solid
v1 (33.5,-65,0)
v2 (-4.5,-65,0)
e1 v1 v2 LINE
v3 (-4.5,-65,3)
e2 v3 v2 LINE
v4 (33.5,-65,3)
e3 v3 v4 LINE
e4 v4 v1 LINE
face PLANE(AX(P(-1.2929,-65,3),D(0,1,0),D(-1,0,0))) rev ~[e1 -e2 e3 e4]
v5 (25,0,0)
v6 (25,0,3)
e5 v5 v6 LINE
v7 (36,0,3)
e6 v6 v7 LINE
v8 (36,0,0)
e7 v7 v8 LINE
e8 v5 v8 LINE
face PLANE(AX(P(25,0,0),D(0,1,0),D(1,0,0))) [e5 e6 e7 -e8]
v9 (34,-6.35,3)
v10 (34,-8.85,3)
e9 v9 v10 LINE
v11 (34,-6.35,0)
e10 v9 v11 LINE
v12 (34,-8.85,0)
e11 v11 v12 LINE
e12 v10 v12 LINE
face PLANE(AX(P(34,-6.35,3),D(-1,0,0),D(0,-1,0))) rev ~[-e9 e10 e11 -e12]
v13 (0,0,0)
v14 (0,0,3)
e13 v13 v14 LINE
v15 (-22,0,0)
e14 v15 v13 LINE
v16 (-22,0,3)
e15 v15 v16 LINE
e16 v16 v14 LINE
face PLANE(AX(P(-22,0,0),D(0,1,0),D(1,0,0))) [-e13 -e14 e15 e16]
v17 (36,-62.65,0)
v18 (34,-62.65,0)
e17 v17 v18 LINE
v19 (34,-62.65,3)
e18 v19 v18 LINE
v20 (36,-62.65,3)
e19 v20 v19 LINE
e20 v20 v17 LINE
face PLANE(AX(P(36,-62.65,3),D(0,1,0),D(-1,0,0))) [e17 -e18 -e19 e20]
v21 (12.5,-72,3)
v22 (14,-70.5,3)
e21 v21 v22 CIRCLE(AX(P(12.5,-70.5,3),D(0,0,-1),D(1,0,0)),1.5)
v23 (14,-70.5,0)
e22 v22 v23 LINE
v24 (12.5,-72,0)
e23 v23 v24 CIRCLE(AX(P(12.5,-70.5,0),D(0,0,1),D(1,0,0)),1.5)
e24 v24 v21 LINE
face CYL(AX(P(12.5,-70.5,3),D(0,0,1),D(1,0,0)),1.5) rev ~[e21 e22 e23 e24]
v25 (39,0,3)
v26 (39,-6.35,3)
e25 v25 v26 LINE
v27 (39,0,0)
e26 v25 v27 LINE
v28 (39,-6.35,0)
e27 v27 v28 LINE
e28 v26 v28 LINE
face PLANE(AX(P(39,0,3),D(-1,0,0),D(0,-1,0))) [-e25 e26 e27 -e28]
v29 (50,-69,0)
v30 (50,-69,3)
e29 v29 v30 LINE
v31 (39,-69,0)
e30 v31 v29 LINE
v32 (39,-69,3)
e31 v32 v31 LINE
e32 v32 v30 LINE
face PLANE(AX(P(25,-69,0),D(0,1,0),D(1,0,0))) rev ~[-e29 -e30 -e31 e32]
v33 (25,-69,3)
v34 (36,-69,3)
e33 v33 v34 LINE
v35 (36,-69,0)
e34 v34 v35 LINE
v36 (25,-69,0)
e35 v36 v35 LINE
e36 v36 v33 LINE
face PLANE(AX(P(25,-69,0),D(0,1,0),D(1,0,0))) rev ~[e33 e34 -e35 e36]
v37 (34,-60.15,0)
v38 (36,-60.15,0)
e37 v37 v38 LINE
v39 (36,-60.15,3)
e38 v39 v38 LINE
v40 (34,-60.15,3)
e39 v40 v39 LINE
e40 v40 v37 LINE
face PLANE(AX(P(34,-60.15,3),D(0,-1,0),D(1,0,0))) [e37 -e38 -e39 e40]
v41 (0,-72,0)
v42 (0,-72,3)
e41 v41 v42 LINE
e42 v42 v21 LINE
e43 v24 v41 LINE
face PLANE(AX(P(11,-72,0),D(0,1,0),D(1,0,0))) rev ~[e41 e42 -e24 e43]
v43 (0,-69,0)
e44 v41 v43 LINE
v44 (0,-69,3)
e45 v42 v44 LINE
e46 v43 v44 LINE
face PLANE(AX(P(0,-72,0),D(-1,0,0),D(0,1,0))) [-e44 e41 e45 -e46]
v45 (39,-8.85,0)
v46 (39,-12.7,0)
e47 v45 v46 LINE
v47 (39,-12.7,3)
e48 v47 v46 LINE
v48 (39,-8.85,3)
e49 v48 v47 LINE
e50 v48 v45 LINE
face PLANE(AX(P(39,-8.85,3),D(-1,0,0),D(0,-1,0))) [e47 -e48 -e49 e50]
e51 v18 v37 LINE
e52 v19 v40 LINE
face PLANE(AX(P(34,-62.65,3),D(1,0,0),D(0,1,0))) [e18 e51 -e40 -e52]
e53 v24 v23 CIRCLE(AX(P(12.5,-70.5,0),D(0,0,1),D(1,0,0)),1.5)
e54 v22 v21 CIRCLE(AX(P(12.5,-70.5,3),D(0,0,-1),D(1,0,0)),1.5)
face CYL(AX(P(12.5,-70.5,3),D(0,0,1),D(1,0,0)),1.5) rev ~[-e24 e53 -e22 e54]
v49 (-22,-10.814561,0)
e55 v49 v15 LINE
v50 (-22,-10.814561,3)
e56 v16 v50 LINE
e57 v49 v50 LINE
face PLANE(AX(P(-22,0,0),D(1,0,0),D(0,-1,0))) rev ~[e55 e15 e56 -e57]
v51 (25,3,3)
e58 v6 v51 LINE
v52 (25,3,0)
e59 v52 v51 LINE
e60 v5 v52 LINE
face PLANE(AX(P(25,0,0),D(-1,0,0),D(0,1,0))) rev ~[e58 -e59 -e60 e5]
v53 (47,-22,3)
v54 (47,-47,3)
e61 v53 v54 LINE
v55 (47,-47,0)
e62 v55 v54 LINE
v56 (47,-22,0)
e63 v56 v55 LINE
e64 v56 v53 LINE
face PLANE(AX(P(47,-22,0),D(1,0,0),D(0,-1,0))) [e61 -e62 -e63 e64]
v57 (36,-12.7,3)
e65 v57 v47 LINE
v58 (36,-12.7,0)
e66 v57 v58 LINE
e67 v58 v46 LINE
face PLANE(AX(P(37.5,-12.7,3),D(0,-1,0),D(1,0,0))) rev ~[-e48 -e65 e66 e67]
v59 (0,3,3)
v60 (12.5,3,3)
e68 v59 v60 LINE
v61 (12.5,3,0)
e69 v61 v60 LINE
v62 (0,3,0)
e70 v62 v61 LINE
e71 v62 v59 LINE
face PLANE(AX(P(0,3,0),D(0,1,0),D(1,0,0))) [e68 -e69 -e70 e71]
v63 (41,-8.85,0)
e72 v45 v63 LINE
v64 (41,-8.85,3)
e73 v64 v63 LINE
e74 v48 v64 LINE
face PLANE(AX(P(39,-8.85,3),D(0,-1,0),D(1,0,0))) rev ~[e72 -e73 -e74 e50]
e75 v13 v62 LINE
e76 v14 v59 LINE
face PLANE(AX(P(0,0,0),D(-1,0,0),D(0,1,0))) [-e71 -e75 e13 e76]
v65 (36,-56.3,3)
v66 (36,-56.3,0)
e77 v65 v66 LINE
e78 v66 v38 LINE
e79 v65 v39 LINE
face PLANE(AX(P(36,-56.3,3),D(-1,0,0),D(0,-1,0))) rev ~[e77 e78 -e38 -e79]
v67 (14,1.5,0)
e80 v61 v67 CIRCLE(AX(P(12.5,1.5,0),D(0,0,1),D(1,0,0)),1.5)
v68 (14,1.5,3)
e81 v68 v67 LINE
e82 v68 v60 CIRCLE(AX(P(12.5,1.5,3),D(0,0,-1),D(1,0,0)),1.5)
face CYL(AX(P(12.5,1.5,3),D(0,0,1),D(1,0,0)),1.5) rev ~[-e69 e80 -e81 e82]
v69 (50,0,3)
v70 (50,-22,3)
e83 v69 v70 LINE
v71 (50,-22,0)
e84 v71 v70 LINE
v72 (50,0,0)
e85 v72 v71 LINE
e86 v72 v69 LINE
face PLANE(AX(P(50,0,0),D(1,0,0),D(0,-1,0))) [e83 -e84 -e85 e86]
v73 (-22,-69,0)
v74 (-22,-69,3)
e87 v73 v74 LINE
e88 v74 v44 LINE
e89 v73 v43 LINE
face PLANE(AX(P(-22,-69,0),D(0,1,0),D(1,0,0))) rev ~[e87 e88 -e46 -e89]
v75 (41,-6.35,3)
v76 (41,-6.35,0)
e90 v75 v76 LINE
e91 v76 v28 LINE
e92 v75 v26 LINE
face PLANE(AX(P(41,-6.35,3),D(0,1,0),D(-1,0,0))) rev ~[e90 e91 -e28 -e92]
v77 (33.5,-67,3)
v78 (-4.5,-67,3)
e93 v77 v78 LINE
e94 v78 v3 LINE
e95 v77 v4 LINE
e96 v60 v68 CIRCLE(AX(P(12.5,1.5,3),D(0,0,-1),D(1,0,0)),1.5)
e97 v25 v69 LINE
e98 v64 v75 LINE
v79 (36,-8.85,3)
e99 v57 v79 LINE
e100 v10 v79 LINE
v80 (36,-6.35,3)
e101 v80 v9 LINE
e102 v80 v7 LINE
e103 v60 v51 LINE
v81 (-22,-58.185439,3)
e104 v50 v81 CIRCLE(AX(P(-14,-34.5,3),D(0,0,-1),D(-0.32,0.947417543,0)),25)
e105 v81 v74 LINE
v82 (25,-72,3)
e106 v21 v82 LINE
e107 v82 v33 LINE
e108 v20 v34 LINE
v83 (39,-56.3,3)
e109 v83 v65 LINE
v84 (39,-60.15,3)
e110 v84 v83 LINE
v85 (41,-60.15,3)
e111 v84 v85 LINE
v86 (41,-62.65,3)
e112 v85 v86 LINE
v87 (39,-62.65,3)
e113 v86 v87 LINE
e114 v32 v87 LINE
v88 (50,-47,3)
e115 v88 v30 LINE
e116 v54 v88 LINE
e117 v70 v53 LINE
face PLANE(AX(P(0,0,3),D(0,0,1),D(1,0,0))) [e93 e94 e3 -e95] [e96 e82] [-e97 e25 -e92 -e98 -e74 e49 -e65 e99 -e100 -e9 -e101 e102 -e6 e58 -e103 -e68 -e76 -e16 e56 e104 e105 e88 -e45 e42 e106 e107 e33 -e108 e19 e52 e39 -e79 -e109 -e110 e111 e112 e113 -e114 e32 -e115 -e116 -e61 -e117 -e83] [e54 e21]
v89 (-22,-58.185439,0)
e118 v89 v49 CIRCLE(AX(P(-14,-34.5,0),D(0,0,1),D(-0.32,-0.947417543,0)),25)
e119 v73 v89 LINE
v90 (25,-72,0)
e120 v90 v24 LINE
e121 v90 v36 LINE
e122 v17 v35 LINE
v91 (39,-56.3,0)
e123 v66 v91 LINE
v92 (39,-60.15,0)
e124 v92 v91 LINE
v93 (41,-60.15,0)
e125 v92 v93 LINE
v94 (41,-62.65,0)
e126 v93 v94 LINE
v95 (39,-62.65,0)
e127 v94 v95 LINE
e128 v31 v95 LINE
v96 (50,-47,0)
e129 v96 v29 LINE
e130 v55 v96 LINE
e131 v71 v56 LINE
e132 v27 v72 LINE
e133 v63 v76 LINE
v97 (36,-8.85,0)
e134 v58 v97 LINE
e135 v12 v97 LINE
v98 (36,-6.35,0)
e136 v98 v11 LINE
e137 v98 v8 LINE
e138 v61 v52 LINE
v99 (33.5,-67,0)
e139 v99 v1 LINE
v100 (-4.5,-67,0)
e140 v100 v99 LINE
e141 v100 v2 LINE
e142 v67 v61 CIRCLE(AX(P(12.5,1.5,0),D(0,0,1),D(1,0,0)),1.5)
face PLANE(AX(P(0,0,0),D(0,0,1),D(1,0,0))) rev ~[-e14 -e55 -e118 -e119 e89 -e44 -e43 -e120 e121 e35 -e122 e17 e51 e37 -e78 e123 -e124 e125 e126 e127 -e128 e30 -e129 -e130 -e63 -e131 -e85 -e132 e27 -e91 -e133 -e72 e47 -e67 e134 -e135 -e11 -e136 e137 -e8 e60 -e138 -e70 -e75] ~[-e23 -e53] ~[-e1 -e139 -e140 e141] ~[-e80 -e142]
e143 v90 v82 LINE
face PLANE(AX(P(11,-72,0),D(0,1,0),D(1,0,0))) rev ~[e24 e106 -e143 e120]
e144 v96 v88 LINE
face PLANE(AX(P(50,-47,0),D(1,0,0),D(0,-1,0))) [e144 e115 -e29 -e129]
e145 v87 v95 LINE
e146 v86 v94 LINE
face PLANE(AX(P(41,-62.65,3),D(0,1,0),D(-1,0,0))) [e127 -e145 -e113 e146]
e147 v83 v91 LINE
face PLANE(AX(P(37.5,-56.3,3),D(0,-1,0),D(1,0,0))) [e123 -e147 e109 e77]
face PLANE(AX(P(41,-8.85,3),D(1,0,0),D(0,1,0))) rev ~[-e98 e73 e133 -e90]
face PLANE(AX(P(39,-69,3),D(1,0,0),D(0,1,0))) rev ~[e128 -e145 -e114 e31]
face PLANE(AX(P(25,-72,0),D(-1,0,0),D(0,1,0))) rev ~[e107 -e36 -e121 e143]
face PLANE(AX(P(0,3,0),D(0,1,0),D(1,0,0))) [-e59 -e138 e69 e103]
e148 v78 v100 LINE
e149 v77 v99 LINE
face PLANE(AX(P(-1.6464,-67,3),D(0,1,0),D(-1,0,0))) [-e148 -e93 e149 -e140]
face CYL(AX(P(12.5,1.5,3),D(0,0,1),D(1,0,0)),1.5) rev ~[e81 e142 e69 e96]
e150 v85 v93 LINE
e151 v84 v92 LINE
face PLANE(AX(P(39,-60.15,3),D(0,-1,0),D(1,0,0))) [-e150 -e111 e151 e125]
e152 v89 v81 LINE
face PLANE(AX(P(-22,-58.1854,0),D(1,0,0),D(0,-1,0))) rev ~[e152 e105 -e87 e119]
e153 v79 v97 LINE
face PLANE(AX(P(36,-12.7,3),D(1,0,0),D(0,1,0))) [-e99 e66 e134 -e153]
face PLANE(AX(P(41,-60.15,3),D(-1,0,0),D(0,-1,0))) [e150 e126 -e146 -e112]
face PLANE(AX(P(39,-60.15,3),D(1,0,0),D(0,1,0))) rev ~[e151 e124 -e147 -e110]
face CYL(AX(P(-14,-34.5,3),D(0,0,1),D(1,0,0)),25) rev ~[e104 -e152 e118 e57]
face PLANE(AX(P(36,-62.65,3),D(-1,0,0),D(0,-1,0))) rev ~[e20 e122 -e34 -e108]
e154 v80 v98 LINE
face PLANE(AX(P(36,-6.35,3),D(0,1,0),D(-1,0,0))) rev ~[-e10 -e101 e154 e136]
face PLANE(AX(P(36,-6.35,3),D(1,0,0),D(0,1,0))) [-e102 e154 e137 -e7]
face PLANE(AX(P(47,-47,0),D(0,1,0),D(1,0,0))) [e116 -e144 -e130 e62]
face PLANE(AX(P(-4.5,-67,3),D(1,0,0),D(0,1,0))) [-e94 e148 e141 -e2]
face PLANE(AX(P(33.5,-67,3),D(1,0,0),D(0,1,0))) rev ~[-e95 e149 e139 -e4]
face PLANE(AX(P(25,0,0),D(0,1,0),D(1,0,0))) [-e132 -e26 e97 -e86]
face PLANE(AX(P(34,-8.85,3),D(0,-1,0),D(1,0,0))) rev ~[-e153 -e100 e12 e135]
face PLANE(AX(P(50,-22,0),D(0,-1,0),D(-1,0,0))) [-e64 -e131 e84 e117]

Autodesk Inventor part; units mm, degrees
ref_plane "YZ Plane" through (0, 0, 0) normal (1, 0, 0) x (0, 1, 0)
ref_plane "XZ Plane" through (0, 0, 0) normal (0, 1, 0) x (-1, 0, 0)
ref_plane "XY Plane" through (0, 0, 0) normal (0, 0, 1) x (1, 0, 0)
sketch "Sketch1" plane through (0, 0, 0) normal (0, 0, 1) x (1, 0, 0)
  line L0 (0, 0) -> (25, 0) projected
  line L1 (25, 0) -> (25, 3) projected
  line L2 (0, 3) -> (25, 3) projected
  line L3 (0, 0) -> (0, 3) projected
  line L4 (0.2071, -72) -> (11, -72) projected
  line L5 (0.2071, -69) -> (11, -69) projected
  line L6 (25, -69) -> (50, -69) projected
  line L7 (25, 0) -> (50, 0) projected
  line L8 (-25, 0) -> (0, 0) projected
  line L9 (-22, 0) -> (-22, -10.8146) projected
  line L10 (-25, -22) -> (-25, -47) projected
  line L11 (-25, -47) -> (-22, -47) projected
  line L12 (-22, -10.8146) -> (-22, -58.1854) projected
  line L13 (-25, -22) -> (-22, -22) projected
  line L14 (-22, -58.1854) -> (-22, -69) projected
  line L15 (-25, -69) -> (0, -69) projected
  line L16 (50, 0) -> (50, -22)
  line L17 (50, -22) -> (47, -22)
  line L18 (47, -22) -> (47, -47)
  line L19 (47, -47) -> (50, -47)
  line L20 (50, -47) -> (50, -69)
  line L21 (50, 0) -> (25, 0)
  line L22 (25, 3) -> (25, 0)
  line L23 (25, 3) -> (0, 3)
  line L24 (0, 3) -> (0, 0)
  line L25 (-22, -10.8146) -> (-22, 0)
  line L26 (-22, 0) -> (0, 0)
  line L27 (-22, -22) -> (-25, -22)
  line L28 (-25, -22) -> (-25, -47)
  line L29 (-22, -47) -> (-25, -47)
  line L30 (-22, -58.1854) -> (-22, -69)
  line L31 (-22, -69) -> (0, -69)
  line L32 (0, -72) -> (0, -69)
  line L33 (0, -72) -> (25, -72)
  line L34 (25, -72) -> (25, -69)
  line L35 (25, -69) -> (50, -69)
  line L36 (11, -72) -> (11, -69) projected
  line L37 (0.2071, -69) -> (0.2071, -72) projected
  dimension "d0" = 3
extrude "Extrusion1" add sketch "Sketch1" along normal blind 3
sketch "Sketch2" plane through (0, 0, 3) normal (0, 0, 1) x (1, 0, 0)
  line L0 (-25, -22) -> (-25, -47) projected
  line L1 (-25, -34.5) -> (7, -34.5)
  line L2 (-25, -34.5) -> (-14, -34.5)
  circle A0 centre (-14, -34.5) radius 21
  circle A1 centre (-14, -34.5) radius 25
  point P0 (0, 0)
  dimension "d3" = 32
  dimension "d4" = 11
  dimension "d5" = 4
extrude "Extrusion2" cut sketch "Sketch2" against normal blind 20 contours A0 | A1
sketch "Sketch3" plane through (0, 0, 3) normal (0, 0, 1) x (1, 0, 0)
  line L0 (-1.2929, -65) -> (30.2929, -65) projected
  line L1 (-4.5, -67) -> (-4.5, -65) projected
  line L2 (33.5, -67) -> (33.5, -65) projected
  line L3 (30.6464, -65) -> (33.5, -65) projected
  line L4 (30.6464, -65) -> (30.2929, -65) projected
  line L5 (30.2929, -67) -> (30.6464, -67) projected
  line L6 (33.5, -67) -> (30.6464, -67) projected
  line L7 (30.2929, -67) -> (-1.2929, -67) projected
  arc A0 (-22, -58.1854) -> (-22, -10.8146) centre (-14, -34.5) ccw projected
  line L8 (-22, -58.1854) -> (-22, -69) projected
  line L9 (-22, -69) -> (0, -69) projected
  line L10 (0, -69) -> (0, -72) projected
  line L11 (50, -69) -> (50, -47) projected
  line L12 (50, -47) -> (47, -47) projected
  line L13 (47, -47) -> (47, -22) projected
  line L14 (47, -22) -> (50, -22) projected
  line L15 (50, -22) -> (50, 0) projected
  line L16 (50, 0) -> (25, 0) projected
  line L17 (25, 0) -> (25, 3) projected
  line L18 (25, 3) -> (0, 3) projected
  line L19 (0, 3) -> (0, 0) projected
  line L20 (0, 0) -> (-22, 0) projected
  line L21 (-22, 0) -> (-22, -10.8146) projected
  line L22 (-4.5, -65) -> (-1.6464, -65) projected
  line L23 (-1.2929, -65) -> (-1.6464, -65) projected
  line L24 (-1.6464, -67) -> (-4.5, -67) projected
  line L25 (-1.6464, -67) -> (-1.2929, -67) projected
  line L26 (0, -72) -> (25, -72) projected
  line L27 (25, -69) -> (50, -69) projected
  line L28 (25, -72) -> (25, -69) projected
extrude "Extrusion3" cut sketch "Sketch3" against normal blind 3 contours L0 L4 L3 L2 L6 L5 L7 L25 L24 L1 L22 L23
sketch "Sketch4" plane through (0, 0, 3) normal (0, 0, 1) x (1, 0, 0)
  line L0 (47, -47) -> (47, -22) projected
  line L1 (47, -34.5) -> (34.3, -34.5)
  line L2 (34.3, -34.5) -> (34.3, -36)
  line L3 (34.3, -36) -> (34.3, -33)
  line L4 (34.3, -33) -> (47, -33)
  line L5 (47, -33) -> (47, -36)
  line L6 (47, -36) -> (34.3, -36)
  line L7 (40.65, -36) -> (40.65, -38)
  line L8 (40.65, -38) -> (38.15, -38)
  line L9 (38.15, -38) -> (38.15, -31)
  line L10 (38.15, -31) -> (40.65, -31)
  line L11 (40.65, -31) -> (40.65, -36)
  line L12 (25, 3) -> (0, 3) projected
  line L13 (50, 0) -> (25, 0) projected
  line L14 (0, 0) -> (-22, 0) projected
  line L15 (25, -69) -> (50, -69) projected
  line L16 (0, -72) -> (25, -72) projected
  line L17 (-22, -69) -> (0, -69) projected
  line L18 (50, 0) -> (25, 0) projected
  line L19 (37.5, 0) -> (37.5, -12.7)
  line L20 (37.5, -12.7) -> (39, -12.7)
  line L21 (39, -12.7) -> (36, -12.7)
  line L22 (36, -12.7) -> (36, 0)
  line L23 (39, 0) -> (39, -12.7)
  line L24 (36, -6.35) -> (34, -6.35)
  line L25 (34, -6.35) -> (34, -8.85)
  line L26 (34, -8.85) -> (41, -8.85)
  line L27 (41, -8.85) -> (41, -6.35)
  line L28 (41, -6.35) -> (36, -6.35)
  line L29 (50, -69) -> (25, -69)
  line L30 (37.5, -69) -> (37.5, -56.3)
  line L31 (37.5, -56.3) -> (39, -56.3)
  line L32 (39, -56.3) -> (36, -56.3)
  line L33 (36, -56.3) -> (36, -69)
  line L34 (39, -69) -> (39, -56.3)
  line L35 (36, -62.65) -> (34, -62.65)
  line L36 (34, -62.65) -> (34, -60.15)
  line L37 (34, -60.15) -> (41, -60.15)
  line L38 (41, -60.15) -> (41, -62.65)
  line L39 (41, -62.65) -> (36, -62.65)
  line L40 (-4.5, -65) -> (33.5, -65) projected
  line L41 (33.5, -65) -> (33.5, -67) projected
  line L42 (33.5, -67) -> (-4.5, -67) projected
  line L43 (-4.5, -67) -> (-4.5, -65) projected
  arc A0 (-22, -58.1854) -> (-22, -10.8146) centre (-14, -34.5) ccw projected
  line L44 (-22, -58.1854) -> (-22, -69) projected
  line L45 (-22, -69) -> (0, -69) projected
  line L46 (0, -69) -> (0, -72) projected
  line L47 (0, -72) -> (25, -72) projected
  line L48 (25, -69) -> (50, -69) projected
  line L49 (50, -69) -> (50, -47) projected
  line L50 (50, -47) -> (47, -47) projected
  line L51 (47, -47) -> (47, -22) projected
  line L52 (47, -22) -> (50, -22) projected
  line L53 (50, -22) -> (50, 0) projected
  line L54 (50, 0) -> (25, 0) projected
  line L55 (25, 0) -> (25, 3) projected
  line L56 (25, 3) -> (0, 3) projected
  line L57 (0, 3) -> (0, 0) projected
  line L58 (0, 0) -> (-22, 0) projected
  line L59 (-22, 0) -> (-22, -10.8146) projected
  circle A1 centre (12.5, 1.5) radius 1.5
  line L60 (39, -56.3) -> (36, -56.3)
  line L61 (36, -56.3) -> (36, -69)
  line L62 (36, -69) -> (39, -69)
  line L63 (39, -69) -> (39, -56.3)
  circle A2 centre (12.5, -70.5) radius 1.5
  line L64 (25, -72) -> (25, -69) projected
  arc A3 (42.9741, -36.0257) -> (30.0259, -20.7829) centre (36.5, -28.4043) ccw projected
  line L65 (26.9692, -49.6214) -> (42.9741, -36.0257) projected
  arc A4 (14.0209, -34.3786) -> (26.9692, -49.6214) centre (20.4951, -42) ccw projected
  line L66 (30.0259, -20.7829) -> (14.0209, -34.3786) projected
  dimension "d10" = 12.7
  dimension "d11" = 1.5
  dimension "d12" = 3
  dimension "d13" = 2
  dimension "d14" = 2.5
  dimension "d15" = 7
  dimension "d16" = 12.7
  dimension "d17" = 1.5
  dimension "d18" = 3
  dimension "d19" = 2
  dimension "d20" = 2.5
  dimension "d21" = 7
  dimension "d22" = 3
  dimension "d25" = 3
extrude "Extrusion4" cut sketch "Sketch4" against normal blind 25.4 contours A1 | A2 | L15 L30 L39 L34 | L15 L33 L39 L30 | L39 L30 L37 L34 | L34 L37 L38 L39 | L39 L33 L37 L30 | L37 L30 L31 L34 | L35 L36 L37 L33 | L37 L33 L32 L30 | L23 L28 L19 L13 | L19 L28 L22 L13 | L28 L27 L26 L23 | L23 L26 L19 L28 | L19 L26 L22 L28 | L23 L20 L19 L26 | L22 L26 L25 L24 | L19 L21 L22 L26
properties part number "pared frontal 2"
